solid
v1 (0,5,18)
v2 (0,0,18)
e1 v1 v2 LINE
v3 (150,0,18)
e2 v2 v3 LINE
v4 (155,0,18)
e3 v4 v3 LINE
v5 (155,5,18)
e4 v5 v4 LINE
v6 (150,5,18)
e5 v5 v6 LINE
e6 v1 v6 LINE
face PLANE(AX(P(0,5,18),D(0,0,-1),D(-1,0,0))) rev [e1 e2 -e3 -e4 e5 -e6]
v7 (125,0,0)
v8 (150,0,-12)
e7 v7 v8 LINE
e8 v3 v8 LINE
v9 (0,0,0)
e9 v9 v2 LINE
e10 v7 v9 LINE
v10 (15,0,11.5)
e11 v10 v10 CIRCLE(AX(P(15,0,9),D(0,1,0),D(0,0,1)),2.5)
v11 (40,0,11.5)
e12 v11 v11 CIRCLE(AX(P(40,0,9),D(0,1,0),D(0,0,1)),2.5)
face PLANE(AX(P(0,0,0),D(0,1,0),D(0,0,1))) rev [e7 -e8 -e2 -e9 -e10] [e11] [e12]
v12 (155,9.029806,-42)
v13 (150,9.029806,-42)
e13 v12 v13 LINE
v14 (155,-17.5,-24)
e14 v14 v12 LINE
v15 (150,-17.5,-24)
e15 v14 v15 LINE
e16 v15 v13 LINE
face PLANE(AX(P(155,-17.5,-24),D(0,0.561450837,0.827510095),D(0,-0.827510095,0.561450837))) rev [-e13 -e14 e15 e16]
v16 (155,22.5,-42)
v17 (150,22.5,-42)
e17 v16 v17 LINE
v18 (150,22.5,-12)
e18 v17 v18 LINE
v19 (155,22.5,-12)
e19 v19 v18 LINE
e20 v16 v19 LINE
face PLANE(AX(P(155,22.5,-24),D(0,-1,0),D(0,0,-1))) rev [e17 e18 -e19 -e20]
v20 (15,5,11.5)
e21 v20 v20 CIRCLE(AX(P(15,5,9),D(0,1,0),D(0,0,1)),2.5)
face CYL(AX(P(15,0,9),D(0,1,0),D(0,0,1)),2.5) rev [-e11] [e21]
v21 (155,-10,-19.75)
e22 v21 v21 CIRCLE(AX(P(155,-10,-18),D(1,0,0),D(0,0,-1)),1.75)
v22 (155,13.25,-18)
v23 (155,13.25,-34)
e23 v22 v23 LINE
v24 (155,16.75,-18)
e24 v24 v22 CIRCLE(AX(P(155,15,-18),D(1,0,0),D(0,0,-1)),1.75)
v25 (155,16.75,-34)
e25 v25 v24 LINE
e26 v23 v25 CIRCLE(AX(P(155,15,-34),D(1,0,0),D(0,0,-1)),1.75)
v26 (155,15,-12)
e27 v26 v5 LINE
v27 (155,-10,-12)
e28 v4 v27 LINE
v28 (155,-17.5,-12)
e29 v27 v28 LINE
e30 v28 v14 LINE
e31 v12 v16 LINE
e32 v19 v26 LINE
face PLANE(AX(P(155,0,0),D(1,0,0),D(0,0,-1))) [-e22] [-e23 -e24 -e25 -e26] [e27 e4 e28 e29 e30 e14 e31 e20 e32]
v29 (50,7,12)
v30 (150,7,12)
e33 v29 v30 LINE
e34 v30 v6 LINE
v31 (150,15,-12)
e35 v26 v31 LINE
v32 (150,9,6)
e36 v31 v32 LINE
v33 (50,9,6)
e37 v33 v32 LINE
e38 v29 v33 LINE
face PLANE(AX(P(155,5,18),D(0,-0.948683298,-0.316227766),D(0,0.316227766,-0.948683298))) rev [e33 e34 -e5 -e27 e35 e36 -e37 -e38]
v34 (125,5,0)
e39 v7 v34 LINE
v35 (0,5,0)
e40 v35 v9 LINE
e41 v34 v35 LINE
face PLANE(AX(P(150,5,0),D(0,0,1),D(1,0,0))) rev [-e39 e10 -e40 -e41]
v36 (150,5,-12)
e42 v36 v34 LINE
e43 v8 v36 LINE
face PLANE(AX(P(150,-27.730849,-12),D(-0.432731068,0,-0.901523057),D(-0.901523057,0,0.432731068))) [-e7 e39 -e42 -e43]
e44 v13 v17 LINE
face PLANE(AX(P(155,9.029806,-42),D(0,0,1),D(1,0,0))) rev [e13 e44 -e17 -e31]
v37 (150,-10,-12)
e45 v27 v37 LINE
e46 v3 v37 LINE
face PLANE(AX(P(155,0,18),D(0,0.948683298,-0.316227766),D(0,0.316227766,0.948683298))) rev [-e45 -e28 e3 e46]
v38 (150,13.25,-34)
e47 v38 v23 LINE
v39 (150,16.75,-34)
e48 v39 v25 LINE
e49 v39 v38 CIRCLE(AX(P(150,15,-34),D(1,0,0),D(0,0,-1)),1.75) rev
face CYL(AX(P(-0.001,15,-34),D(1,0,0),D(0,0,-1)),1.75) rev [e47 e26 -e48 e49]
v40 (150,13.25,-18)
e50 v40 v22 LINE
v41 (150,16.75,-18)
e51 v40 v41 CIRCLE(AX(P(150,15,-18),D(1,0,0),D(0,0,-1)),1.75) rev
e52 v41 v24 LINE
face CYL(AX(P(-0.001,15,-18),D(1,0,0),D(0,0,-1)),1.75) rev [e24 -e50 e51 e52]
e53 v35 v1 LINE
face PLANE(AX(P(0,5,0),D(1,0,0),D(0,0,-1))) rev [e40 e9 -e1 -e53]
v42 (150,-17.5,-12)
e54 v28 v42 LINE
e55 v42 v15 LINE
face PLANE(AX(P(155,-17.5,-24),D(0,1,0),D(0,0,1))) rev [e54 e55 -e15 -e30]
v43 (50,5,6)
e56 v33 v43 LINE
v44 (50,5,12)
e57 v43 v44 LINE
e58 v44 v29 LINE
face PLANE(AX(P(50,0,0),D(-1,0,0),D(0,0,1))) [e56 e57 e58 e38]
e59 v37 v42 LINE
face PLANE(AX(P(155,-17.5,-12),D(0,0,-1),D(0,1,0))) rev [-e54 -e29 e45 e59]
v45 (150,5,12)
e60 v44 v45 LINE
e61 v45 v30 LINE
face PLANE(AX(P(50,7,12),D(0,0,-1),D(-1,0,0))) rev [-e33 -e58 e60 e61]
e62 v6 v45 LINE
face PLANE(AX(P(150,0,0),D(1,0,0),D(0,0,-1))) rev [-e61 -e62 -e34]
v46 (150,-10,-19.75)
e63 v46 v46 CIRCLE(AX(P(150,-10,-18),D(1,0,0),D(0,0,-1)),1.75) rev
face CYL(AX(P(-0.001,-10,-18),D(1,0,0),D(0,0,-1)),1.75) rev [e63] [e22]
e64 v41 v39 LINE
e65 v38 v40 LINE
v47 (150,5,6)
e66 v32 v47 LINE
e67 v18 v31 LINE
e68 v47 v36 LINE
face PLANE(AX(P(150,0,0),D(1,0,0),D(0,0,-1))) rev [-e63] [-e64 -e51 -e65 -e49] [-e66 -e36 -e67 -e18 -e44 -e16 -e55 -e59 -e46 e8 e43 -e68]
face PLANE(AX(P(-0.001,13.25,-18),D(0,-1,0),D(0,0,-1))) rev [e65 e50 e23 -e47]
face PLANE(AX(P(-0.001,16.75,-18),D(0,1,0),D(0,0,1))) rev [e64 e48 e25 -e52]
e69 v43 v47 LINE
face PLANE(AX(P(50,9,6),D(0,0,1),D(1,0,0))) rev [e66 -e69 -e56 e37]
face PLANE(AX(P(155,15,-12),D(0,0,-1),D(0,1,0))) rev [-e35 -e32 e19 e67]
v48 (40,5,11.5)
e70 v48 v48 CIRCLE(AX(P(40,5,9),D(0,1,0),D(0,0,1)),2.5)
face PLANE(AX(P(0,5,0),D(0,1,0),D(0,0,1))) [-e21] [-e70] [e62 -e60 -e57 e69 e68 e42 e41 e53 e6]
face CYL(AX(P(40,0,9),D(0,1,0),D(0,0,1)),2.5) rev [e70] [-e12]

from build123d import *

# Parameters (mm, degrees)
SKETCH_1_W          = 150
SKETCH_1_H          = 18
EXTRUDE_1_DEPTH     = 5
SKETCH_2_R          = 2.5
CUT_EXTRUDE_1_DEPTH = 152.158856836
EXTRUDE_3_DEPTH     = 5
CUT_EXTRUDE_2_REACH = 164.158
SKETCH_8_R          = 1.75
EXTRUDE_4_DEPTH     = 100
EXTRUDE_5_DEPTH     = 5


with BuildPart() as part:
    # 草图1 → 凸台-拉伸1 (new body)
    with BuildSketch(Plane(origin=(0, 0, 0), x_dir=(1, 0, 0), z_dir=(0, 1, 0))):
        with Locations((75, -9)):
            Rectangle(SKETCH_1_W, SKETCH_1_H)
    extrude(amount=EXTRUDE_1_DEPTH)

    # 草图2 → 切除-拉伸1 (cut, through all)
    with BuildSketch(Plane(origin=(0, 5, 0), x_dir=(1, 0, 0), z_dir=(0, 1, 0))):
        with Locations(Location((15, -9, 0), (0, 0, 270))):
            Circle(SKETCH_2_R)
        with Locations(Location((40, -9, 0), (0, 0, 270))):
            Circle(SKETCH_2_R)
    extrude(amount=-CUT_EXTRUDE_1_DEPTH, mode=Mode.SUBTRACT)

    # 草图6 → 凸台-拉伸3 (add)
    with BuildSketch(Plane(origin=(150, 0, 0), x_dir=(0, 0, -1), z_dir=(1, 0, 0))):
        Polygon((12, 15), (12, 22.5), (24, 22.5), (42, 22.5), (42, 9.029805857), (24, -17.5), (12, -17.5), (12, -10), (-18, 0), (-18, 5), align=None)
    extrude(amount=EXTRUDE_3_DEPTH)

    # 草图8 → 切除-拉伸2 (cut, up to next)
    with BuildSketch(Plane(origin=(155, 0, 0), x_dir=(0, 0, -1), z_dir=(1, 0, 0)), mode=Mode.PRIVATE) as cut_extrude_2_sk1:
        with Locations((18, -10)):
            Circle(SKETCH_8_R)
    cut_extrude_2_tool1 = extrude(cut_extrude_2_sk1.sketch, amount=-CUT_EXTRUDE_2_REACH, mode=Mode.PRIVATE) & part.part
    # 草图8 → 切除-拉伸2 (cut, up to next)
    with BuildSketch(Plane(origin=(155, 0, 0), x_dir=(0, 0, -1), z_dir=(1, 0, 0)), mode=Mode.PRIVATE) as cut_extrude_2_sk2:
        with BuildLine():
            Line((18, 16.75), (34, 16.75))
            ThreePointArc((34, 16.75), (35.75, 15), (34, 13.25))
            Line((34, 13.25), (18, 13.25))
            ThreePointArc((18, 13.25), (16.25, 15), (18, 16.75))
        make_face()
    cut_extrude_2_tool2 = extrude(cut_extrude_2_sk2.sketch, amount=-CUT_EXTRUDE_2_REACH, mode=Mode.PRIVATE) & part.part
    add(cut_extrude_2_tool1.solids().sort_by_distance((155, -10, -18))[0], mode=Mode.SUBTRACT)
    add(cut_extrude_2_tool2.solids().sort_by_distance((155, 15, -26))[0], mode=Mode.SUBTRACT)

    # 草图10 → 凸台-拉伸4 (add)
    with BuildSketch(Plane.ZY.offset(-150)):
        Polygon((6, 9), (6, 5), (9, 5), (12, 5), (12, 7), align=None)
    extrude(amount=EXTRUDE_4_DEPTH)

    # 草图11 → 凸台-拉伸5 (add)
    with BuildSketch(Plane(origin=(0, 5, 0), x_dir=(1, 0, 0), z_dir=(0, 1, 0))):
        Polygon((150, 0), (150, 12), (125, 0), align=None)
    extrude(amount=-EXTRUDE_5_DEPTH)


solid = part.part
